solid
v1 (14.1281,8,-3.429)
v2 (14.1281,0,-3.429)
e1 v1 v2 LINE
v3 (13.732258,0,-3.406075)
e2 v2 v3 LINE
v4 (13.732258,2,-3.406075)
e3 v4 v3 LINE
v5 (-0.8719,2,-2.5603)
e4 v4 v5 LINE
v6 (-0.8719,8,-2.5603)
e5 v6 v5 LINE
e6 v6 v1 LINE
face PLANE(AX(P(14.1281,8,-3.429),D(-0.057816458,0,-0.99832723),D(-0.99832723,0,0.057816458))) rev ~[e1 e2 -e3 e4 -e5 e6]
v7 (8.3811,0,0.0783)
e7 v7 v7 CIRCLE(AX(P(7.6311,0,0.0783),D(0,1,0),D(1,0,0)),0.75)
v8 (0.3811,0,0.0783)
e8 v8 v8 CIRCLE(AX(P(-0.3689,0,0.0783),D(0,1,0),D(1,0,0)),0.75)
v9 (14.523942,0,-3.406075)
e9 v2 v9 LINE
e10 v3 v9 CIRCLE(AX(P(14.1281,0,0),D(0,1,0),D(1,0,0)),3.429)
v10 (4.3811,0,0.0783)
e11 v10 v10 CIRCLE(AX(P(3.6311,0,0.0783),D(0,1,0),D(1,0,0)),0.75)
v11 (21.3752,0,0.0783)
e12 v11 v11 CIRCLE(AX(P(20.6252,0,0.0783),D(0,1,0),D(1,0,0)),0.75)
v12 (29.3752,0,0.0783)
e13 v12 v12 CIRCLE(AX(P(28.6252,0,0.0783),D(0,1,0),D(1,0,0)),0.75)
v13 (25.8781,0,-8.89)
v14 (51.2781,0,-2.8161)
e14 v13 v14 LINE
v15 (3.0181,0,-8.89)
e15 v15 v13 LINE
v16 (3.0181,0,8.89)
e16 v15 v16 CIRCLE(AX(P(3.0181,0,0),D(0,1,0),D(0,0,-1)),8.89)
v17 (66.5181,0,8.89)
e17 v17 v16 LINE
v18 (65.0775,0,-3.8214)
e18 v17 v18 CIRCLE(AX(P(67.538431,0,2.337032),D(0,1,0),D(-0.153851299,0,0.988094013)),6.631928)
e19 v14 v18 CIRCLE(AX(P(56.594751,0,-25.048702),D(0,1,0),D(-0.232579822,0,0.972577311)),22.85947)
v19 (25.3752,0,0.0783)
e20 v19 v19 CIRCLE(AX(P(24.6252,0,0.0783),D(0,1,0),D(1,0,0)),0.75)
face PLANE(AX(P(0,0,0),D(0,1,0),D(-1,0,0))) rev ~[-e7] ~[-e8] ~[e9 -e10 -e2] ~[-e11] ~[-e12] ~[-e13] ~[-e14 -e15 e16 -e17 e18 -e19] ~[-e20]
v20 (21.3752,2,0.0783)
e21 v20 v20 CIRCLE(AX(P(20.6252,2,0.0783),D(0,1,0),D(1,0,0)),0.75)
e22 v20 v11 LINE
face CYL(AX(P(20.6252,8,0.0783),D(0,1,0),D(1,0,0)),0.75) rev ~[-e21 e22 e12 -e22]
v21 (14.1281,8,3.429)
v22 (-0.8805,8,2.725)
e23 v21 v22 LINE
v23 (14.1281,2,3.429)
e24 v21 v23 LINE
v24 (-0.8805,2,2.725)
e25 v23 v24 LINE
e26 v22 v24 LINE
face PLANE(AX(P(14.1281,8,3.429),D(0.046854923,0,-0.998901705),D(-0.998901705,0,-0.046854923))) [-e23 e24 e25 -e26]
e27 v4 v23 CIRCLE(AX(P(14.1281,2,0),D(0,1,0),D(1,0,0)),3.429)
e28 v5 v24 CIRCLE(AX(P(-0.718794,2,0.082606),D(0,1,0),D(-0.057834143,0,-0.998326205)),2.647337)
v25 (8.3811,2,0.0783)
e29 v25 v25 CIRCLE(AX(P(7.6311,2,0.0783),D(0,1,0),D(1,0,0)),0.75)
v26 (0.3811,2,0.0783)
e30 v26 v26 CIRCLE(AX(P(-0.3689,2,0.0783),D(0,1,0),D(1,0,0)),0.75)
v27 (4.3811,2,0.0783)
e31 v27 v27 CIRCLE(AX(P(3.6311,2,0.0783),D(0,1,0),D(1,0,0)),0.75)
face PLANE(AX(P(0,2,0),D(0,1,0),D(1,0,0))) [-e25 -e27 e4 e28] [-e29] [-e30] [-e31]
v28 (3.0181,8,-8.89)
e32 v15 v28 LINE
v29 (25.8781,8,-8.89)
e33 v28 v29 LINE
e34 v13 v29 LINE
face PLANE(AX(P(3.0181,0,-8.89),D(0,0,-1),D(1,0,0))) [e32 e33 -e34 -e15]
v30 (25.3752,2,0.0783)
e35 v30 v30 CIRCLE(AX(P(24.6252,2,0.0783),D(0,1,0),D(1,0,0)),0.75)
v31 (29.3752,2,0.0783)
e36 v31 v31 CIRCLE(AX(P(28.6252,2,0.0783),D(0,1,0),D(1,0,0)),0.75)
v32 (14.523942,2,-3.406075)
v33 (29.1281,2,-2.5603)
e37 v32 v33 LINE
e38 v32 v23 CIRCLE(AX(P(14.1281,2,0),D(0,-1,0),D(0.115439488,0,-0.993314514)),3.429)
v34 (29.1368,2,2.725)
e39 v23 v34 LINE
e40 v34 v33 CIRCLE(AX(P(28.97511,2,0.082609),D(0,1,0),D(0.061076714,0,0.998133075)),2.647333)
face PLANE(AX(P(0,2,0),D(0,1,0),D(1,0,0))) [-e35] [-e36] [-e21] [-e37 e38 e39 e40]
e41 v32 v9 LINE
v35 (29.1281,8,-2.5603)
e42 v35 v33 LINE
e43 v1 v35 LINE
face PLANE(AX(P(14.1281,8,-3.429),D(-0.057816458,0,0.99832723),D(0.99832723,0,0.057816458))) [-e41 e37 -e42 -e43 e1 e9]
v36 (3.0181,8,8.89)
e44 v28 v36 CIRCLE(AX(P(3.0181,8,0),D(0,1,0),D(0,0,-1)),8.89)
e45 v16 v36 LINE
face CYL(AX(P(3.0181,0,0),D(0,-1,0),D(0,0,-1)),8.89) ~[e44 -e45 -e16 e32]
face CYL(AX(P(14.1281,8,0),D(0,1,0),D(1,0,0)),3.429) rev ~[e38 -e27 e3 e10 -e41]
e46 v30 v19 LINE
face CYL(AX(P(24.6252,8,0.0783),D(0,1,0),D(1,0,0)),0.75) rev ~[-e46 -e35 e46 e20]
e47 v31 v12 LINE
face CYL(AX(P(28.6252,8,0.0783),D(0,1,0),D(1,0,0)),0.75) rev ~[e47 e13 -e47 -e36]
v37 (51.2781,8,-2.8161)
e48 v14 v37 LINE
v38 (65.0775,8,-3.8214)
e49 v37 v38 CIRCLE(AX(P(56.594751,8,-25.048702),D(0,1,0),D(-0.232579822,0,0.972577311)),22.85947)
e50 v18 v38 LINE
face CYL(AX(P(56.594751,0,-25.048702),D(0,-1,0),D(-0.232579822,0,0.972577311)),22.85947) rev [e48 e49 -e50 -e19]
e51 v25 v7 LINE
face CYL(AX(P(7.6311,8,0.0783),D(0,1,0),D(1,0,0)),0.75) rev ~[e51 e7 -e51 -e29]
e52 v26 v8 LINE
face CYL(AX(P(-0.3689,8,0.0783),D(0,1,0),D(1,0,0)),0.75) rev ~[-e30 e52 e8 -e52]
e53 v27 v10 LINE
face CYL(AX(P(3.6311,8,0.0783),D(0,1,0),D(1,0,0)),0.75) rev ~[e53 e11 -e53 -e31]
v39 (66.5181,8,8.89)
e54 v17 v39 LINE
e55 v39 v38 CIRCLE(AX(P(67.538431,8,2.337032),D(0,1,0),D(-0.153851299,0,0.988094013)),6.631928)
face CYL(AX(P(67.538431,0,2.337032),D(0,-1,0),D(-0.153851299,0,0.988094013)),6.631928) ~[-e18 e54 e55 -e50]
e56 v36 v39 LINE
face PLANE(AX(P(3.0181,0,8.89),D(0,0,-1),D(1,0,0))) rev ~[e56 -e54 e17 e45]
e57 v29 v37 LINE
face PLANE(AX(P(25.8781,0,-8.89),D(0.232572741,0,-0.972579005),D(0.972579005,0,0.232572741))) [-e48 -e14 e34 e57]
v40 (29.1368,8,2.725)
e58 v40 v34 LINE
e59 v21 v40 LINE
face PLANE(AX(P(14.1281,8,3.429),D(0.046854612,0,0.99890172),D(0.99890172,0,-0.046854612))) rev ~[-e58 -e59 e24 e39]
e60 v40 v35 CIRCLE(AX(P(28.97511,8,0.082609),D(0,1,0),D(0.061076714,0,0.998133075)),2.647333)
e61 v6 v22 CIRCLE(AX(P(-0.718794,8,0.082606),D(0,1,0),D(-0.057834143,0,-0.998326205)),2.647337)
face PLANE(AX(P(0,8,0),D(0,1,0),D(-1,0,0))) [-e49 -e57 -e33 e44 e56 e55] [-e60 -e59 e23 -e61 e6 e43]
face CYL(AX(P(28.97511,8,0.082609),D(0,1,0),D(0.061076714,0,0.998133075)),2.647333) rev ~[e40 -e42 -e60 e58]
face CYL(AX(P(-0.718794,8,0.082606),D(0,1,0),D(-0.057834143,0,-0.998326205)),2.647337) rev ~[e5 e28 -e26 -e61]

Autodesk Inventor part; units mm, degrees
ref_plane "YZ Plane" through (0, 0, 0) normal (1, 0, 0) x (0, 1, 0)
ref_plane "XZ Plane" through (0, 0, 0) normal (0, 1, 0) x (-1, 0, 0)
ref_plane "XY Plane" through (0, 0, 0) normal (0, 0, 1) x (1, 0, 0)
sketch "Sketch1" plane through (0, 0, 0) normal (0, 1, 0) x (-1, 0, 0)
  line L0 (-3.0181, -8.89) -> (-25.8781, -8.89)
  line L1 (-3.0181, 8.89) -> (-27.578, 8.89)
  line L2 (-25.8781, -8.89) -> (-51.2781, -2.8161)
  line L3 (-27.578, 8.89) -> (-53.0779, 8.89)
  arc A0 (-51.2781, -2.8161) -> (-65.0775, -3.8214) centre (-56.5948, -25.0493) ccw
  line L4 (-53.0779, 8.89) -> (-66.5181, 8.89)
  arc A1 (-66.5181, 8.89) -> (-65.0775, -3.8214) centre (-67.5384, 2.337) ccw
  arc A2 (-3.0181, -8.89) -> (-3.0181, 8.89) centre (-3.0181, 0) ccw
  point P0 (0, 0)
  point P1 (-74.1281, 1.5902)
  point P2 (5.8719, 0)
  dimension "d31" = 80
  dimension "d32" = 8.89
  dimension "d33" = 6.6319
  dimension "d35" = 25.4
  dimension "d36" = 63.5
  dimension "d37" = 22.86
  dimension "d38" = 22.86
extrude "Extrusion1" add sketch "Sketch1" along normal blind 8
sketch "Sketch3" plane through (0, 8, 0) normal (0, 1, 0) x (1, 0, 0)
  circle A0 centre (14.1281, 0) radius 3.429
  arc A1 (3.0181, 8.89) -> (3.0181, -8.89) centre (3.0181, 0) ccw projected
  line L0 (14.1281, 3.429) -> (-0.8719, 2.5603)
  line L1 (14.1281, -3.429) -> (-0.8805, -2.725)
  arc A2 (-0.8719, 2.5603) -> (-0.8805, -2.725) centre (-0.7188, -0.0826) ccw
  line L2 (14.1281, 5.8203) -> (14.1281, -4.2261)
  line L3 (14.1281, 3.429) -> (29.1281, 2.5603)
  line L4 (14.1281, -3.429) -> (29.1368, -2.725)
  arc A3 (29.1368, -2.725) -> (29.1281, 2.5603) centre (28.9751, -0.0826) ccw
  circle A4 centre (7.6311, -0.0783) radius 0.75
  circle A5 centre (3.6311, -0.0783) radius 0.75
  circle A6 centre (-0.3689, -0.0783) radius 0.75
  circle A7 centre (20.6252, -0.0783) radius 0.75
  circle A8 centre (24.6252, -0.0783) radius 0.75
  circle A9 centre (28.6252, -0.0783) radius 0.75
  point P0 (-5.8719, 0)
  point P1 (-5.8719, 0)
  point P2 (14.1281, 0.7971)
  point P3 (25.2381, 0)
  point P4 (14.4491, -3.4139)
  point P5 (14.524, 3.4061)
  point P6 (13.7323, 3.4061)
  point P7 (13.8072, -3.4139)
  point P8 (1.1225, -0.0783)
  point P9 (-3.3661, -0.0783)
  dimension "d40" = 20
  dimension "d41" = 15
  dimension "d42" = 15.0086
  dimension "d43" = 6
  dimension "d56" = 6.858
  dimension "d57" = 6
  dimension "d58" = 1.5
  dimension "d59" = 1.5
  dimension "d60" = 1.5
  dimension "d61" = 4
  dimension "d62" = 4
  dimension "d64" = 2.9972
extrude "Extrusion2" cut sketch "Sketch3" against normal through all contours L2 L3 A0 | A0 L0 L2
extrude "Extrusion3" cut sketch "Sketch3" against normal blind 6 contours L1 A2 L0 A0 | A0 L3 A3 L4 | A4 | A5 | A6 | A7 | A8 | A9
sketch "Sketch5" plane through (0, 8, 0) normal (0, 1, 0) x (1, 0, 0)
  circle A0 centre (7.6311, -0.0783) radius 0.75
  circle A1 centre (3.6311, -0.0783) radius 0.75
  circle A2 centre (-0.3689, -0.0783) radius 0.75
  arc A3 (-0.8719, 2.5603) -> (-0.8805, -2.725) centre (-0.7188, -0.0826) ccw projected
  line L0 (14.1281, 12.8466) -> (14.1281, -5.9886)
  circle A4 centre (20.6252, -0.0783) radius 0.75
  circle A5 centre (24.6252, -0.0783) radius 0.75
  circle A6 centre (28.6252, -0.0783) radius 0.75
  point P0 (0, 0)
  point P1 (5.5545, -1.8442)
  point P2 (1.8249, -1.9269)
  point P3 (3.6589, -0.0783)
  point P4 (-3.3661, -0.0783)
  point P5 (-3.3661, -0.0783)
  point P6 (14.1281, 3.429)
  point P7 (14.1281, 3.429)
  dimension "d65" = 1.5
  dimension "d66" = 1.5
  dimension "d67" = 1.5
  dimension "d68" = 4
  dimension "d69" = 4
  dimension "d70" = 2.9972
extrude "Extrusion5" cut sketch "Sketch5" against normal blind 25.4
properties part number "patanueva"
